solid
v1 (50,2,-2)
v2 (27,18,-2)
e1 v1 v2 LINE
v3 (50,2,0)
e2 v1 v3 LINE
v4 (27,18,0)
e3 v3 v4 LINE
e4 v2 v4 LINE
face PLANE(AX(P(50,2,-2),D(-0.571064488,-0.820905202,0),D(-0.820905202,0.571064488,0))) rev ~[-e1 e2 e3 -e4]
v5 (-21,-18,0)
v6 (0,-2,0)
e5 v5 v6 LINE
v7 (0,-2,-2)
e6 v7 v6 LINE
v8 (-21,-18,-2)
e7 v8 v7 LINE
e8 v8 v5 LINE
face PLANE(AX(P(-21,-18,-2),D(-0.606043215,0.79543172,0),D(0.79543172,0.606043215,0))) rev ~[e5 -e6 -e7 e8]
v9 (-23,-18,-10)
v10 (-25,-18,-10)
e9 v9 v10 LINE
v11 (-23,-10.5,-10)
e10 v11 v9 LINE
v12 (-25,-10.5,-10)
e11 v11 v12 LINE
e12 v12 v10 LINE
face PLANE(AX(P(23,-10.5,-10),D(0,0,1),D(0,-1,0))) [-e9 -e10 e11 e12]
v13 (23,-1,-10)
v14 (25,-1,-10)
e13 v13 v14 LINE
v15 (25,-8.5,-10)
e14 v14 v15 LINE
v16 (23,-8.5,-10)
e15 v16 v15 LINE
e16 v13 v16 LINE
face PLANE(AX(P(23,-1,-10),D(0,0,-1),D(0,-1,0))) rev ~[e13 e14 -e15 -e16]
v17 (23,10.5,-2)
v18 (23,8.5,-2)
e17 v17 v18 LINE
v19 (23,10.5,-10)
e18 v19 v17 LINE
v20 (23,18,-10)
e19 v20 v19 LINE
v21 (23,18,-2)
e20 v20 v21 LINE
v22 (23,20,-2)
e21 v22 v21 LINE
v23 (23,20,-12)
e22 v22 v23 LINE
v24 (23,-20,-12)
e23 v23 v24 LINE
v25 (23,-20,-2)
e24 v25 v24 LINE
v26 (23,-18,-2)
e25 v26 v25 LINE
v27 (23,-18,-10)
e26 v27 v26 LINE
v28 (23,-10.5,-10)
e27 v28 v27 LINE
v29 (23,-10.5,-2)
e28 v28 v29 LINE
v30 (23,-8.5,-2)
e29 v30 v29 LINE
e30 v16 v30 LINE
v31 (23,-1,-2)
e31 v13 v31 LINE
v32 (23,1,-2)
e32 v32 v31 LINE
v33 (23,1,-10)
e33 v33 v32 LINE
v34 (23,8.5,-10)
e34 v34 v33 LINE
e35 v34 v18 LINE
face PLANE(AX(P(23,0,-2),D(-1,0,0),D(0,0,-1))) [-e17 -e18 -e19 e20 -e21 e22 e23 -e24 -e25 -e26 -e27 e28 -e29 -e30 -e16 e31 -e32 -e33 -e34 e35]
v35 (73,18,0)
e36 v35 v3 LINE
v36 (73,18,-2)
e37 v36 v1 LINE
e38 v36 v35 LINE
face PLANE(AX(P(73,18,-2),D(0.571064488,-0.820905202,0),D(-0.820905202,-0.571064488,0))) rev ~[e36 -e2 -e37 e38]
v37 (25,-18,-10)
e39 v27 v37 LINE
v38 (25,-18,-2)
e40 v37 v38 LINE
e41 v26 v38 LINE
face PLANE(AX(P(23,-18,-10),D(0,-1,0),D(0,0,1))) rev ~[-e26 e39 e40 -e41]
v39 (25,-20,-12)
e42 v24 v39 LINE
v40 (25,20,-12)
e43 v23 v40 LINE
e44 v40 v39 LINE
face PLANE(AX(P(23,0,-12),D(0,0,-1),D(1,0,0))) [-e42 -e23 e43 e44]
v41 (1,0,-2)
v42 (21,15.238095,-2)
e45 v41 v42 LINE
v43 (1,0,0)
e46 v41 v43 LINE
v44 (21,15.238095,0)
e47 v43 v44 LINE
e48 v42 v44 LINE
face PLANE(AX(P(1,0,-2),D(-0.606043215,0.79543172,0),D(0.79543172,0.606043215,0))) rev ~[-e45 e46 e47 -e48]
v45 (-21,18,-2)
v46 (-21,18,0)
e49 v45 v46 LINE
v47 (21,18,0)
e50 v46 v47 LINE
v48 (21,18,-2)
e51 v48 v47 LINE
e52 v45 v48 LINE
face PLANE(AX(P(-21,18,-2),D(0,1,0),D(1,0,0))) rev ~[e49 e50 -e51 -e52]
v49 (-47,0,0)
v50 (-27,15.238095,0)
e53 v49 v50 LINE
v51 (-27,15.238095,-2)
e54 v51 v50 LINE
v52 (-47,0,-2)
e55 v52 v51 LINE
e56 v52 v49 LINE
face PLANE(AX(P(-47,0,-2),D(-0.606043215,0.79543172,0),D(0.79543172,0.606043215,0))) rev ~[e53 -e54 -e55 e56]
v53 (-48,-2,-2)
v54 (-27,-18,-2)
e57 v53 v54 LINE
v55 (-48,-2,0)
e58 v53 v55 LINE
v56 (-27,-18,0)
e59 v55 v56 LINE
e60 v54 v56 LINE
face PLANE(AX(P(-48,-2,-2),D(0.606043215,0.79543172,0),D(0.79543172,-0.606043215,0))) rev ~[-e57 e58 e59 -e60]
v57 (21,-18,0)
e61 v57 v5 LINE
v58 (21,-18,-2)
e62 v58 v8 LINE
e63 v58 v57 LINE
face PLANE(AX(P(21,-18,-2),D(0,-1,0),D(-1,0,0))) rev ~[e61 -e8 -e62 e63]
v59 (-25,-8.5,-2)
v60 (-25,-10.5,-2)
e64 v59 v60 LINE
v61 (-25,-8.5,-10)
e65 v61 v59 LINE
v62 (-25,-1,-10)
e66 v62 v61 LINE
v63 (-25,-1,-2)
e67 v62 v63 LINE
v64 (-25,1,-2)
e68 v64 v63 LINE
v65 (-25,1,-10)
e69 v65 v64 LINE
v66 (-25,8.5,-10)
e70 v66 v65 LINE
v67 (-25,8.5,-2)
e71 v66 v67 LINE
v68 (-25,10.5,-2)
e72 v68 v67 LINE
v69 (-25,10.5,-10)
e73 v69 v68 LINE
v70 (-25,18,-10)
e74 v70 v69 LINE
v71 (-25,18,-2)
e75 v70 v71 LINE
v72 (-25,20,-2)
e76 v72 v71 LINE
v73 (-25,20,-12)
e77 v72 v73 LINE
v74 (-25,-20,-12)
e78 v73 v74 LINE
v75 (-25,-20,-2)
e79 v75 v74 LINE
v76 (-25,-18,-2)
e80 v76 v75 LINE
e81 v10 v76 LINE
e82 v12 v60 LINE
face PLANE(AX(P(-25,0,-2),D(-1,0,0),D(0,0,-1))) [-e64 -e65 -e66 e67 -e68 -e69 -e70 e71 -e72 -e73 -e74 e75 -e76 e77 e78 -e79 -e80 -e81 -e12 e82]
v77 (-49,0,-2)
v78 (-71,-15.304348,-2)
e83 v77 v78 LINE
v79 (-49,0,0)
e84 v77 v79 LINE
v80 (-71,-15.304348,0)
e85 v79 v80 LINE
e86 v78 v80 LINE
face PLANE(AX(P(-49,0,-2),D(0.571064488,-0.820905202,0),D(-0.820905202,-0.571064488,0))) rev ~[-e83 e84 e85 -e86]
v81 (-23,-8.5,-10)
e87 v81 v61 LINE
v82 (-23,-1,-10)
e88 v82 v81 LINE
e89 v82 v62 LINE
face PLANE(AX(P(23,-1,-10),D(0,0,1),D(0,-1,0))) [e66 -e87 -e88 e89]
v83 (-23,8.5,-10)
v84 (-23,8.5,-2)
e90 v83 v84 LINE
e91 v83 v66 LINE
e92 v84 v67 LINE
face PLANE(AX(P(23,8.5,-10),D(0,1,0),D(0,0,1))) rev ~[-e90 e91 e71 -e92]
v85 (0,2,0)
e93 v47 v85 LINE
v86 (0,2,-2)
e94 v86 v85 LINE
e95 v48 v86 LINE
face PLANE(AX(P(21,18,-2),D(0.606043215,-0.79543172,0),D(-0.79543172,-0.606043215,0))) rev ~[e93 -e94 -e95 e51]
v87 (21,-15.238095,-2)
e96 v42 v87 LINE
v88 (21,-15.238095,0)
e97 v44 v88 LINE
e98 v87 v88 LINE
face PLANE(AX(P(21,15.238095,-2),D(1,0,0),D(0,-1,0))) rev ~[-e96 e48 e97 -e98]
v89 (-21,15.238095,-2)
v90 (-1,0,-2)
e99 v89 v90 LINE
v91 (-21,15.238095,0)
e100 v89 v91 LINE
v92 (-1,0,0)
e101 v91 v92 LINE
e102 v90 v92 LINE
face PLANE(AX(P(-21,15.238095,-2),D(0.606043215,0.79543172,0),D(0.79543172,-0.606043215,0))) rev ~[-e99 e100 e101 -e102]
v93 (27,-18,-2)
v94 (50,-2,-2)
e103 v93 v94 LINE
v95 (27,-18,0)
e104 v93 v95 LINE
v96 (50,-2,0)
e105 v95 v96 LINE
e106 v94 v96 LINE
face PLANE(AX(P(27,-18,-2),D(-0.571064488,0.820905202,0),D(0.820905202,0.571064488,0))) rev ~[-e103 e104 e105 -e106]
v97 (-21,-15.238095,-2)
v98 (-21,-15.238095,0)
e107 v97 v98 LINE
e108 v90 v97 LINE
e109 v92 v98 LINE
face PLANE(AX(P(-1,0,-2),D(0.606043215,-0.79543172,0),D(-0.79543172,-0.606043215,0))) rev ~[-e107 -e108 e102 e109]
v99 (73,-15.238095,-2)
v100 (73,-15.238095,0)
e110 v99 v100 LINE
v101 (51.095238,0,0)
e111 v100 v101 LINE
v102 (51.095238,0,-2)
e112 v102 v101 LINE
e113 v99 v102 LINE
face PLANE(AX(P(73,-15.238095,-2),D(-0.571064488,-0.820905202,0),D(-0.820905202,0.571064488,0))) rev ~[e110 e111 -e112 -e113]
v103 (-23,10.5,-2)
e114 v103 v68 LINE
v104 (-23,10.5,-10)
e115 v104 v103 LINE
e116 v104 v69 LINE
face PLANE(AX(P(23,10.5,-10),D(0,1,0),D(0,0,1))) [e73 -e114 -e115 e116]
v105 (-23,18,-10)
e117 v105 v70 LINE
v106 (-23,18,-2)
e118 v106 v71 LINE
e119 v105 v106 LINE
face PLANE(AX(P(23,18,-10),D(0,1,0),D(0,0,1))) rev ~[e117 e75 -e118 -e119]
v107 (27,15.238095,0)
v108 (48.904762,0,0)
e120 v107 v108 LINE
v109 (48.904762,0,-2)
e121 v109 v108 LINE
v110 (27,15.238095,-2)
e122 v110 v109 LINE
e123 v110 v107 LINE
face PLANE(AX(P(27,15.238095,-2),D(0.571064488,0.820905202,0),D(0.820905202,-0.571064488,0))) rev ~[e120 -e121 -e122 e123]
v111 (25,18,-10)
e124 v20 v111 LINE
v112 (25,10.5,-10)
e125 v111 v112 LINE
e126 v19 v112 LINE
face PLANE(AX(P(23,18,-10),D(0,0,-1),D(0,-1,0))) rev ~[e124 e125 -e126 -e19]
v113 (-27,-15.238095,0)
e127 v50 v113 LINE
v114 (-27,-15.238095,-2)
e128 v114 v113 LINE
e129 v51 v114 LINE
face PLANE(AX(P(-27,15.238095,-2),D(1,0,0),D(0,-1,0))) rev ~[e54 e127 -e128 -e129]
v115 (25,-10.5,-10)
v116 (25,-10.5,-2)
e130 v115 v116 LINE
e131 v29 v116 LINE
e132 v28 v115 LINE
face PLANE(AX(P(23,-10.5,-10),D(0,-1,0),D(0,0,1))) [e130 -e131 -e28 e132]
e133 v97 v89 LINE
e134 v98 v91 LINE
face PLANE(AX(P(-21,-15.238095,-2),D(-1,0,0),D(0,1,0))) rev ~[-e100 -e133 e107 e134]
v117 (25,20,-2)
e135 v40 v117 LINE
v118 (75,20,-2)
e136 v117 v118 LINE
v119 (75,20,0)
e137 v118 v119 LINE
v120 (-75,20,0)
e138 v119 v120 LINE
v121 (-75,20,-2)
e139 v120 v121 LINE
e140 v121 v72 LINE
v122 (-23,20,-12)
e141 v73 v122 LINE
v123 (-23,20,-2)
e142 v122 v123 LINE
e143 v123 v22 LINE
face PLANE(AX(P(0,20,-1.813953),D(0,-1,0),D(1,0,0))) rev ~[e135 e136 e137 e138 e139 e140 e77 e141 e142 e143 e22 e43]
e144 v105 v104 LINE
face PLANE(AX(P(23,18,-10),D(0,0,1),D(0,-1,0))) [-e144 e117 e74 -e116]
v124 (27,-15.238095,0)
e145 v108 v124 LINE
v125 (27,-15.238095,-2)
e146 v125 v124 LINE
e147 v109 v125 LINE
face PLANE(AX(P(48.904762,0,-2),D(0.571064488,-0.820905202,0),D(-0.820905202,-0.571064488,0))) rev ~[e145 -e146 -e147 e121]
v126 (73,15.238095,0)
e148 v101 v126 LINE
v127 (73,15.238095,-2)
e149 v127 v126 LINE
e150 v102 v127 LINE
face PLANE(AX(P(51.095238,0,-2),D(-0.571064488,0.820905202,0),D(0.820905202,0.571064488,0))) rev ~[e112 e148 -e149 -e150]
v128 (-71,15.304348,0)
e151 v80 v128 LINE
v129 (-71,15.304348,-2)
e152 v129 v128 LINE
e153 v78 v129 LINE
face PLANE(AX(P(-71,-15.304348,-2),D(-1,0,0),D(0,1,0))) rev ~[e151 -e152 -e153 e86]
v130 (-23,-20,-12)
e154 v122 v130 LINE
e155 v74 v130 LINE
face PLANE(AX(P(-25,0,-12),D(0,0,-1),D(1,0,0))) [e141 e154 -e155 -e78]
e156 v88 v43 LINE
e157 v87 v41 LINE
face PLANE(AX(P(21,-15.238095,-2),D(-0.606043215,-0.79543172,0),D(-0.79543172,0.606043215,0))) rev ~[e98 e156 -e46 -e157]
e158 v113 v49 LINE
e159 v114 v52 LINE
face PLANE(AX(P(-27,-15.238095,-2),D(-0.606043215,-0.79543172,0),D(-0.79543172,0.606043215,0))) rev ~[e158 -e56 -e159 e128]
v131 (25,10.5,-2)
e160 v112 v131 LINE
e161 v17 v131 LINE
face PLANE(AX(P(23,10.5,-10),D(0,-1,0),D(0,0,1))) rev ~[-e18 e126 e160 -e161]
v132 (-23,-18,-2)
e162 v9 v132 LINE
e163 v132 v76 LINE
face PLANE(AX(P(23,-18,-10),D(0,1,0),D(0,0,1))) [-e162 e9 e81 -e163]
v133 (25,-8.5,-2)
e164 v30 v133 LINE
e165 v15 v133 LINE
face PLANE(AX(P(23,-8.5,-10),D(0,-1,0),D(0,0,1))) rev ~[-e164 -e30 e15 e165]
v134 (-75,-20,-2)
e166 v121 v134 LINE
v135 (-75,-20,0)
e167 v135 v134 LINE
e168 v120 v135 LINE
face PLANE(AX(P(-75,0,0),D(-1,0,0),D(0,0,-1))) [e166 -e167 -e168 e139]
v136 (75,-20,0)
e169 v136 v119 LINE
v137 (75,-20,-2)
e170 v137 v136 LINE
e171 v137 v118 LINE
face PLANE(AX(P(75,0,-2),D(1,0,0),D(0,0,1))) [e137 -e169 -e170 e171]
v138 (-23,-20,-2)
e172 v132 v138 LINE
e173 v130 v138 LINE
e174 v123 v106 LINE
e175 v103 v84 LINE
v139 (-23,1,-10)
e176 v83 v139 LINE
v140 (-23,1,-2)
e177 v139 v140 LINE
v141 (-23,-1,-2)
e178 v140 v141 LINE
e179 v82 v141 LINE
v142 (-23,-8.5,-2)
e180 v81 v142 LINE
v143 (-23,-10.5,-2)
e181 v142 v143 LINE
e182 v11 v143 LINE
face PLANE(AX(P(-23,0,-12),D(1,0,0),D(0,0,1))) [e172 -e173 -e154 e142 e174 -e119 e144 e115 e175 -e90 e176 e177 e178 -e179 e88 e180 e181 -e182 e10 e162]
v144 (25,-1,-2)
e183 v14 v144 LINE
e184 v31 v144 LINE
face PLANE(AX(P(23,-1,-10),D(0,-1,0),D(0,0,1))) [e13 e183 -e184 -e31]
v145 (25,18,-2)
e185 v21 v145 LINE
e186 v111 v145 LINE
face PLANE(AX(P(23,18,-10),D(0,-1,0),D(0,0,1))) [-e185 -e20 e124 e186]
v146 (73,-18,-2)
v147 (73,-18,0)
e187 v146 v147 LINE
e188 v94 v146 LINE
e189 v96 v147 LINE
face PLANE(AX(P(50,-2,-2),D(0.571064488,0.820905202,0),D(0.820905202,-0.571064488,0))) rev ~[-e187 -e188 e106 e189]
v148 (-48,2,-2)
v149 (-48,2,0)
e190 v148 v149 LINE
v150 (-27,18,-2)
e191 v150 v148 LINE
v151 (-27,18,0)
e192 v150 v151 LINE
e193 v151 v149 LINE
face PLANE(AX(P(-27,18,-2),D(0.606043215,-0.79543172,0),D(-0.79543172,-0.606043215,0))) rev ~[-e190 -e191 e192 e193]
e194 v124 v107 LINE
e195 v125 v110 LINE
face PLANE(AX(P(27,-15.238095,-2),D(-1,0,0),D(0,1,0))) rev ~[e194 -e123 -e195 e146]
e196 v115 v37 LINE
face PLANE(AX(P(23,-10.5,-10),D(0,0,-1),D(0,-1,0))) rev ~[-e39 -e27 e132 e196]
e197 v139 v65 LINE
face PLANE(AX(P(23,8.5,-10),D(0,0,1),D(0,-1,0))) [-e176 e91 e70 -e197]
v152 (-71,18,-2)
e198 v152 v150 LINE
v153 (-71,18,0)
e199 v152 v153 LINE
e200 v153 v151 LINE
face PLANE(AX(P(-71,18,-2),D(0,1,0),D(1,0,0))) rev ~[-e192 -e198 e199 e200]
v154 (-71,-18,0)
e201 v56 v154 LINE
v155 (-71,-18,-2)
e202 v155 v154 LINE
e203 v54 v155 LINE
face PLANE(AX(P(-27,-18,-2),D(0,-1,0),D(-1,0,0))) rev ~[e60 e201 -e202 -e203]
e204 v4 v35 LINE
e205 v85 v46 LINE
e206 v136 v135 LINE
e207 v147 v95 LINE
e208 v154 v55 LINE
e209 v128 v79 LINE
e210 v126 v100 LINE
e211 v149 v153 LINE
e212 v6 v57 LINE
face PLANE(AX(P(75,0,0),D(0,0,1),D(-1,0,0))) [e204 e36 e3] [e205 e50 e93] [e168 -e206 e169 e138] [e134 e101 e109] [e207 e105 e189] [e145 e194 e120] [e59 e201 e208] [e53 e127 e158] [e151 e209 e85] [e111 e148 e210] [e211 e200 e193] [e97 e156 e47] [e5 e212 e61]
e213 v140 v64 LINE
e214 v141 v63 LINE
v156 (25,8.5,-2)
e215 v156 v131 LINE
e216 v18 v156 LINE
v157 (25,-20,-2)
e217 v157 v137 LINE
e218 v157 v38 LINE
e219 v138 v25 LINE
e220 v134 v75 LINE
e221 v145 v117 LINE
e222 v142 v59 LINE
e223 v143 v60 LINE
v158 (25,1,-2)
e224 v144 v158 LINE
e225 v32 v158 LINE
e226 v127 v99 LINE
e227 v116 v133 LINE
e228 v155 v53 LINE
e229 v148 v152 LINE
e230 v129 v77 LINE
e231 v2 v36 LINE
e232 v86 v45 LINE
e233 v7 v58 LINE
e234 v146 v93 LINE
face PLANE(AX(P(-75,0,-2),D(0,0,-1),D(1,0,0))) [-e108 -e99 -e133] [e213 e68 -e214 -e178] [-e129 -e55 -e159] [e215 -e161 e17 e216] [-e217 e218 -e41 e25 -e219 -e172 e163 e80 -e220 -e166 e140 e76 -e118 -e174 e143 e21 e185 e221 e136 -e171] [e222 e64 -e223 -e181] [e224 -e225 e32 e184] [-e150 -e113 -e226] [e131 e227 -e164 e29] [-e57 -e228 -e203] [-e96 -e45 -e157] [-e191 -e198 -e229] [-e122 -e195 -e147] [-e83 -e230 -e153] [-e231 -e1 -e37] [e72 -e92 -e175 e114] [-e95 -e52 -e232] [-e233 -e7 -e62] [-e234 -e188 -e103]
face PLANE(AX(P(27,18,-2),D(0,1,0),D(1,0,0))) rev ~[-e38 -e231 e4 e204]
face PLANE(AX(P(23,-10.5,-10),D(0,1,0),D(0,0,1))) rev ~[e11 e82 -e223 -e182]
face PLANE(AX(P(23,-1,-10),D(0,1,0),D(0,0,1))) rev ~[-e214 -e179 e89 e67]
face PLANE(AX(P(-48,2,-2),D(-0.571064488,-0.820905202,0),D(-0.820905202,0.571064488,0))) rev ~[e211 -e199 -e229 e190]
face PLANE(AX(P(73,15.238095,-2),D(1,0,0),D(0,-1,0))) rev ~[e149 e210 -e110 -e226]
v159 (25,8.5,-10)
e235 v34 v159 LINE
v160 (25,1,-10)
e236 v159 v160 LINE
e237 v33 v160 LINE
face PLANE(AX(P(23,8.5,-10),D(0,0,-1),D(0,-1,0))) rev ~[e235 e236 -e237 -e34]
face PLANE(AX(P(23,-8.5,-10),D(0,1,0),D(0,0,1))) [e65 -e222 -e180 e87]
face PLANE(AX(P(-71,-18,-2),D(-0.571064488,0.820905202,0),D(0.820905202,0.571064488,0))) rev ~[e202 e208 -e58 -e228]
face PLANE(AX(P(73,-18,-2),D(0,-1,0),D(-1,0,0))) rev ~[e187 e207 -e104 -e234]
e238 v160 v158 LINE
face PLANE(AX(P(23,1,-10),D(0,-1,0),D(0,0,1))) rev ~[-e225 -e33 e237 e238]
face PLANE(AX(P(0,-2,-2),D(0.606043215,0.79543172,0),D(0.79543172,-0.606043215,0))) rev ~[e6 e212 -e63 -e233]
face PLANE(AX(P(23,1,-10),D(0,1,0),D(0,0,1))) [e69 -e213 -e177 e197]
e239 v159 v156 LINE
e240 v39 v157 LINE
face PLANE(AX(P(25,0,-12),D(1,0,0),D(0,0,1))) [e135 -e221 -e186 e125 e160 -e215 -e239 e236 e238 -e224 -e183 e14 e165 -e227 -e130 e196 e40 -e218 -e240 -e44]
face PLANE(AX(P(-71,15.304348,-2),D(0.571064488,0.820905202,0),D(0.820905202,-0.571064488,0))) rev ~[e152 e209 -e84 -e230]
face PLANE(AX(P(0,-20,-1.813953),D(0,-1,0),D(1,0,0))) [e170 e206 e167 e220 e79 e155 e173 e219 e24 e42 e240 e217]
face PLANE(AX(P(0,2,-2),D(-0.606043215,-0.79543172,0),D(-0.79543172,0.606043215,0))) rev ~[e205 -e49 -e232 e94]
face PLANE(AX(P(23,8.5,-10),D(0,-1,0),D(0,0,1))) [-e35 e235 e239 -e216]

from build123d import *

# Parameters (mm, degrees)
F1_DEPTH      = 20
F3_DEPTH      = 2
F4_W          = 7.5
F4_H          = 8
F5_DEPTH      = 2
F5_DEPTH_BACK = 48


with BuildPart() as f1:
    # F0 (on Front) → F1 (new body, symmetric)
    with BuildSketch(Plane.XZ):
        Polygon((75, 0), (-75, 0), (-75, -2), (-25, -2), (-25, -12), (-23, -12), (-23, -2), (23, -2), (23, -12), (25, -12), (25, -2), (75, -2), align=None)
    extrude(amount=F1_DEPTH, both=True)

    # F2 (on face) → F3 (cut, through all)
    with BuildSketch(Plane(origin=(0, 0, -2), x_dir=(1, 0, 0), z_dir=(0, 0, -1))):
        Polygon((-27, 18), (-71, 18), (-48, 2), align=None)
        Polygon((21, 18), (-21, 18), (0, 2), align=None)
        Polygon((73, 18), (27, 18), (50, 2), align=None)
        Polygon((-27, -18), (-48, -2), (-71, -18), align=None)
        Polygon((21, -18), (0, -2), (-21, -18), align=None)
        Polygon((73, -18), (50, -2), (27, -18), align=None)
        Polygon((-49, 0), (-71, 15.3043478261), (-71, -15.3043478261), align=None)
        Polygon((-27, -15.2380952381), (-27, 15.2380952381), (-47, 0), align=None)
        Polygon((-1, 0), (-21, 15.2380952381), (-21, -15.2380952381), align=None)
        Polygon((21, -15.2380952381), (21, 15.2380952381), (1, 0), align=None)
        Polygon((48.9047619048, 0), (27, 15.2380952381), (27, -15.2380952381), align=None)
        Polygon((73, -15.2380952381), (73, 15.2380952381), (51.0952380952, 0), align=None)
    extrude(amount=-F3_DEPTH, mode=Mode.SUBTRACT)

    # F4 (on face) → F5 (cut, two sides)
    with BuildSketch(Plane(origin=(23, 0, 0), x_dir=(0, -1, 0), z_dir=(-1, 0, 0))) as f5_sk:
        with Locations((14.25, -6)):
            Rectangle(F4_W, F4_H)
        with Locations((4.75, -6)):
            Rectangle(F4_W, F4_H)
        with Locations((-4.75, -6)):
            Rectangle(F4_W, F4_H)
        with Locations((-14.25, -6)):
            Rectangle(F4_W, F4_H)
    extrude(amount=-F5_DEPTH, mode=Mode.SUBTRACT)
    extrude(f5_sk.sketch, amount=F5_DEPTH_BACK, mode=Mode.SUBTRACT)


solid = f1.part
